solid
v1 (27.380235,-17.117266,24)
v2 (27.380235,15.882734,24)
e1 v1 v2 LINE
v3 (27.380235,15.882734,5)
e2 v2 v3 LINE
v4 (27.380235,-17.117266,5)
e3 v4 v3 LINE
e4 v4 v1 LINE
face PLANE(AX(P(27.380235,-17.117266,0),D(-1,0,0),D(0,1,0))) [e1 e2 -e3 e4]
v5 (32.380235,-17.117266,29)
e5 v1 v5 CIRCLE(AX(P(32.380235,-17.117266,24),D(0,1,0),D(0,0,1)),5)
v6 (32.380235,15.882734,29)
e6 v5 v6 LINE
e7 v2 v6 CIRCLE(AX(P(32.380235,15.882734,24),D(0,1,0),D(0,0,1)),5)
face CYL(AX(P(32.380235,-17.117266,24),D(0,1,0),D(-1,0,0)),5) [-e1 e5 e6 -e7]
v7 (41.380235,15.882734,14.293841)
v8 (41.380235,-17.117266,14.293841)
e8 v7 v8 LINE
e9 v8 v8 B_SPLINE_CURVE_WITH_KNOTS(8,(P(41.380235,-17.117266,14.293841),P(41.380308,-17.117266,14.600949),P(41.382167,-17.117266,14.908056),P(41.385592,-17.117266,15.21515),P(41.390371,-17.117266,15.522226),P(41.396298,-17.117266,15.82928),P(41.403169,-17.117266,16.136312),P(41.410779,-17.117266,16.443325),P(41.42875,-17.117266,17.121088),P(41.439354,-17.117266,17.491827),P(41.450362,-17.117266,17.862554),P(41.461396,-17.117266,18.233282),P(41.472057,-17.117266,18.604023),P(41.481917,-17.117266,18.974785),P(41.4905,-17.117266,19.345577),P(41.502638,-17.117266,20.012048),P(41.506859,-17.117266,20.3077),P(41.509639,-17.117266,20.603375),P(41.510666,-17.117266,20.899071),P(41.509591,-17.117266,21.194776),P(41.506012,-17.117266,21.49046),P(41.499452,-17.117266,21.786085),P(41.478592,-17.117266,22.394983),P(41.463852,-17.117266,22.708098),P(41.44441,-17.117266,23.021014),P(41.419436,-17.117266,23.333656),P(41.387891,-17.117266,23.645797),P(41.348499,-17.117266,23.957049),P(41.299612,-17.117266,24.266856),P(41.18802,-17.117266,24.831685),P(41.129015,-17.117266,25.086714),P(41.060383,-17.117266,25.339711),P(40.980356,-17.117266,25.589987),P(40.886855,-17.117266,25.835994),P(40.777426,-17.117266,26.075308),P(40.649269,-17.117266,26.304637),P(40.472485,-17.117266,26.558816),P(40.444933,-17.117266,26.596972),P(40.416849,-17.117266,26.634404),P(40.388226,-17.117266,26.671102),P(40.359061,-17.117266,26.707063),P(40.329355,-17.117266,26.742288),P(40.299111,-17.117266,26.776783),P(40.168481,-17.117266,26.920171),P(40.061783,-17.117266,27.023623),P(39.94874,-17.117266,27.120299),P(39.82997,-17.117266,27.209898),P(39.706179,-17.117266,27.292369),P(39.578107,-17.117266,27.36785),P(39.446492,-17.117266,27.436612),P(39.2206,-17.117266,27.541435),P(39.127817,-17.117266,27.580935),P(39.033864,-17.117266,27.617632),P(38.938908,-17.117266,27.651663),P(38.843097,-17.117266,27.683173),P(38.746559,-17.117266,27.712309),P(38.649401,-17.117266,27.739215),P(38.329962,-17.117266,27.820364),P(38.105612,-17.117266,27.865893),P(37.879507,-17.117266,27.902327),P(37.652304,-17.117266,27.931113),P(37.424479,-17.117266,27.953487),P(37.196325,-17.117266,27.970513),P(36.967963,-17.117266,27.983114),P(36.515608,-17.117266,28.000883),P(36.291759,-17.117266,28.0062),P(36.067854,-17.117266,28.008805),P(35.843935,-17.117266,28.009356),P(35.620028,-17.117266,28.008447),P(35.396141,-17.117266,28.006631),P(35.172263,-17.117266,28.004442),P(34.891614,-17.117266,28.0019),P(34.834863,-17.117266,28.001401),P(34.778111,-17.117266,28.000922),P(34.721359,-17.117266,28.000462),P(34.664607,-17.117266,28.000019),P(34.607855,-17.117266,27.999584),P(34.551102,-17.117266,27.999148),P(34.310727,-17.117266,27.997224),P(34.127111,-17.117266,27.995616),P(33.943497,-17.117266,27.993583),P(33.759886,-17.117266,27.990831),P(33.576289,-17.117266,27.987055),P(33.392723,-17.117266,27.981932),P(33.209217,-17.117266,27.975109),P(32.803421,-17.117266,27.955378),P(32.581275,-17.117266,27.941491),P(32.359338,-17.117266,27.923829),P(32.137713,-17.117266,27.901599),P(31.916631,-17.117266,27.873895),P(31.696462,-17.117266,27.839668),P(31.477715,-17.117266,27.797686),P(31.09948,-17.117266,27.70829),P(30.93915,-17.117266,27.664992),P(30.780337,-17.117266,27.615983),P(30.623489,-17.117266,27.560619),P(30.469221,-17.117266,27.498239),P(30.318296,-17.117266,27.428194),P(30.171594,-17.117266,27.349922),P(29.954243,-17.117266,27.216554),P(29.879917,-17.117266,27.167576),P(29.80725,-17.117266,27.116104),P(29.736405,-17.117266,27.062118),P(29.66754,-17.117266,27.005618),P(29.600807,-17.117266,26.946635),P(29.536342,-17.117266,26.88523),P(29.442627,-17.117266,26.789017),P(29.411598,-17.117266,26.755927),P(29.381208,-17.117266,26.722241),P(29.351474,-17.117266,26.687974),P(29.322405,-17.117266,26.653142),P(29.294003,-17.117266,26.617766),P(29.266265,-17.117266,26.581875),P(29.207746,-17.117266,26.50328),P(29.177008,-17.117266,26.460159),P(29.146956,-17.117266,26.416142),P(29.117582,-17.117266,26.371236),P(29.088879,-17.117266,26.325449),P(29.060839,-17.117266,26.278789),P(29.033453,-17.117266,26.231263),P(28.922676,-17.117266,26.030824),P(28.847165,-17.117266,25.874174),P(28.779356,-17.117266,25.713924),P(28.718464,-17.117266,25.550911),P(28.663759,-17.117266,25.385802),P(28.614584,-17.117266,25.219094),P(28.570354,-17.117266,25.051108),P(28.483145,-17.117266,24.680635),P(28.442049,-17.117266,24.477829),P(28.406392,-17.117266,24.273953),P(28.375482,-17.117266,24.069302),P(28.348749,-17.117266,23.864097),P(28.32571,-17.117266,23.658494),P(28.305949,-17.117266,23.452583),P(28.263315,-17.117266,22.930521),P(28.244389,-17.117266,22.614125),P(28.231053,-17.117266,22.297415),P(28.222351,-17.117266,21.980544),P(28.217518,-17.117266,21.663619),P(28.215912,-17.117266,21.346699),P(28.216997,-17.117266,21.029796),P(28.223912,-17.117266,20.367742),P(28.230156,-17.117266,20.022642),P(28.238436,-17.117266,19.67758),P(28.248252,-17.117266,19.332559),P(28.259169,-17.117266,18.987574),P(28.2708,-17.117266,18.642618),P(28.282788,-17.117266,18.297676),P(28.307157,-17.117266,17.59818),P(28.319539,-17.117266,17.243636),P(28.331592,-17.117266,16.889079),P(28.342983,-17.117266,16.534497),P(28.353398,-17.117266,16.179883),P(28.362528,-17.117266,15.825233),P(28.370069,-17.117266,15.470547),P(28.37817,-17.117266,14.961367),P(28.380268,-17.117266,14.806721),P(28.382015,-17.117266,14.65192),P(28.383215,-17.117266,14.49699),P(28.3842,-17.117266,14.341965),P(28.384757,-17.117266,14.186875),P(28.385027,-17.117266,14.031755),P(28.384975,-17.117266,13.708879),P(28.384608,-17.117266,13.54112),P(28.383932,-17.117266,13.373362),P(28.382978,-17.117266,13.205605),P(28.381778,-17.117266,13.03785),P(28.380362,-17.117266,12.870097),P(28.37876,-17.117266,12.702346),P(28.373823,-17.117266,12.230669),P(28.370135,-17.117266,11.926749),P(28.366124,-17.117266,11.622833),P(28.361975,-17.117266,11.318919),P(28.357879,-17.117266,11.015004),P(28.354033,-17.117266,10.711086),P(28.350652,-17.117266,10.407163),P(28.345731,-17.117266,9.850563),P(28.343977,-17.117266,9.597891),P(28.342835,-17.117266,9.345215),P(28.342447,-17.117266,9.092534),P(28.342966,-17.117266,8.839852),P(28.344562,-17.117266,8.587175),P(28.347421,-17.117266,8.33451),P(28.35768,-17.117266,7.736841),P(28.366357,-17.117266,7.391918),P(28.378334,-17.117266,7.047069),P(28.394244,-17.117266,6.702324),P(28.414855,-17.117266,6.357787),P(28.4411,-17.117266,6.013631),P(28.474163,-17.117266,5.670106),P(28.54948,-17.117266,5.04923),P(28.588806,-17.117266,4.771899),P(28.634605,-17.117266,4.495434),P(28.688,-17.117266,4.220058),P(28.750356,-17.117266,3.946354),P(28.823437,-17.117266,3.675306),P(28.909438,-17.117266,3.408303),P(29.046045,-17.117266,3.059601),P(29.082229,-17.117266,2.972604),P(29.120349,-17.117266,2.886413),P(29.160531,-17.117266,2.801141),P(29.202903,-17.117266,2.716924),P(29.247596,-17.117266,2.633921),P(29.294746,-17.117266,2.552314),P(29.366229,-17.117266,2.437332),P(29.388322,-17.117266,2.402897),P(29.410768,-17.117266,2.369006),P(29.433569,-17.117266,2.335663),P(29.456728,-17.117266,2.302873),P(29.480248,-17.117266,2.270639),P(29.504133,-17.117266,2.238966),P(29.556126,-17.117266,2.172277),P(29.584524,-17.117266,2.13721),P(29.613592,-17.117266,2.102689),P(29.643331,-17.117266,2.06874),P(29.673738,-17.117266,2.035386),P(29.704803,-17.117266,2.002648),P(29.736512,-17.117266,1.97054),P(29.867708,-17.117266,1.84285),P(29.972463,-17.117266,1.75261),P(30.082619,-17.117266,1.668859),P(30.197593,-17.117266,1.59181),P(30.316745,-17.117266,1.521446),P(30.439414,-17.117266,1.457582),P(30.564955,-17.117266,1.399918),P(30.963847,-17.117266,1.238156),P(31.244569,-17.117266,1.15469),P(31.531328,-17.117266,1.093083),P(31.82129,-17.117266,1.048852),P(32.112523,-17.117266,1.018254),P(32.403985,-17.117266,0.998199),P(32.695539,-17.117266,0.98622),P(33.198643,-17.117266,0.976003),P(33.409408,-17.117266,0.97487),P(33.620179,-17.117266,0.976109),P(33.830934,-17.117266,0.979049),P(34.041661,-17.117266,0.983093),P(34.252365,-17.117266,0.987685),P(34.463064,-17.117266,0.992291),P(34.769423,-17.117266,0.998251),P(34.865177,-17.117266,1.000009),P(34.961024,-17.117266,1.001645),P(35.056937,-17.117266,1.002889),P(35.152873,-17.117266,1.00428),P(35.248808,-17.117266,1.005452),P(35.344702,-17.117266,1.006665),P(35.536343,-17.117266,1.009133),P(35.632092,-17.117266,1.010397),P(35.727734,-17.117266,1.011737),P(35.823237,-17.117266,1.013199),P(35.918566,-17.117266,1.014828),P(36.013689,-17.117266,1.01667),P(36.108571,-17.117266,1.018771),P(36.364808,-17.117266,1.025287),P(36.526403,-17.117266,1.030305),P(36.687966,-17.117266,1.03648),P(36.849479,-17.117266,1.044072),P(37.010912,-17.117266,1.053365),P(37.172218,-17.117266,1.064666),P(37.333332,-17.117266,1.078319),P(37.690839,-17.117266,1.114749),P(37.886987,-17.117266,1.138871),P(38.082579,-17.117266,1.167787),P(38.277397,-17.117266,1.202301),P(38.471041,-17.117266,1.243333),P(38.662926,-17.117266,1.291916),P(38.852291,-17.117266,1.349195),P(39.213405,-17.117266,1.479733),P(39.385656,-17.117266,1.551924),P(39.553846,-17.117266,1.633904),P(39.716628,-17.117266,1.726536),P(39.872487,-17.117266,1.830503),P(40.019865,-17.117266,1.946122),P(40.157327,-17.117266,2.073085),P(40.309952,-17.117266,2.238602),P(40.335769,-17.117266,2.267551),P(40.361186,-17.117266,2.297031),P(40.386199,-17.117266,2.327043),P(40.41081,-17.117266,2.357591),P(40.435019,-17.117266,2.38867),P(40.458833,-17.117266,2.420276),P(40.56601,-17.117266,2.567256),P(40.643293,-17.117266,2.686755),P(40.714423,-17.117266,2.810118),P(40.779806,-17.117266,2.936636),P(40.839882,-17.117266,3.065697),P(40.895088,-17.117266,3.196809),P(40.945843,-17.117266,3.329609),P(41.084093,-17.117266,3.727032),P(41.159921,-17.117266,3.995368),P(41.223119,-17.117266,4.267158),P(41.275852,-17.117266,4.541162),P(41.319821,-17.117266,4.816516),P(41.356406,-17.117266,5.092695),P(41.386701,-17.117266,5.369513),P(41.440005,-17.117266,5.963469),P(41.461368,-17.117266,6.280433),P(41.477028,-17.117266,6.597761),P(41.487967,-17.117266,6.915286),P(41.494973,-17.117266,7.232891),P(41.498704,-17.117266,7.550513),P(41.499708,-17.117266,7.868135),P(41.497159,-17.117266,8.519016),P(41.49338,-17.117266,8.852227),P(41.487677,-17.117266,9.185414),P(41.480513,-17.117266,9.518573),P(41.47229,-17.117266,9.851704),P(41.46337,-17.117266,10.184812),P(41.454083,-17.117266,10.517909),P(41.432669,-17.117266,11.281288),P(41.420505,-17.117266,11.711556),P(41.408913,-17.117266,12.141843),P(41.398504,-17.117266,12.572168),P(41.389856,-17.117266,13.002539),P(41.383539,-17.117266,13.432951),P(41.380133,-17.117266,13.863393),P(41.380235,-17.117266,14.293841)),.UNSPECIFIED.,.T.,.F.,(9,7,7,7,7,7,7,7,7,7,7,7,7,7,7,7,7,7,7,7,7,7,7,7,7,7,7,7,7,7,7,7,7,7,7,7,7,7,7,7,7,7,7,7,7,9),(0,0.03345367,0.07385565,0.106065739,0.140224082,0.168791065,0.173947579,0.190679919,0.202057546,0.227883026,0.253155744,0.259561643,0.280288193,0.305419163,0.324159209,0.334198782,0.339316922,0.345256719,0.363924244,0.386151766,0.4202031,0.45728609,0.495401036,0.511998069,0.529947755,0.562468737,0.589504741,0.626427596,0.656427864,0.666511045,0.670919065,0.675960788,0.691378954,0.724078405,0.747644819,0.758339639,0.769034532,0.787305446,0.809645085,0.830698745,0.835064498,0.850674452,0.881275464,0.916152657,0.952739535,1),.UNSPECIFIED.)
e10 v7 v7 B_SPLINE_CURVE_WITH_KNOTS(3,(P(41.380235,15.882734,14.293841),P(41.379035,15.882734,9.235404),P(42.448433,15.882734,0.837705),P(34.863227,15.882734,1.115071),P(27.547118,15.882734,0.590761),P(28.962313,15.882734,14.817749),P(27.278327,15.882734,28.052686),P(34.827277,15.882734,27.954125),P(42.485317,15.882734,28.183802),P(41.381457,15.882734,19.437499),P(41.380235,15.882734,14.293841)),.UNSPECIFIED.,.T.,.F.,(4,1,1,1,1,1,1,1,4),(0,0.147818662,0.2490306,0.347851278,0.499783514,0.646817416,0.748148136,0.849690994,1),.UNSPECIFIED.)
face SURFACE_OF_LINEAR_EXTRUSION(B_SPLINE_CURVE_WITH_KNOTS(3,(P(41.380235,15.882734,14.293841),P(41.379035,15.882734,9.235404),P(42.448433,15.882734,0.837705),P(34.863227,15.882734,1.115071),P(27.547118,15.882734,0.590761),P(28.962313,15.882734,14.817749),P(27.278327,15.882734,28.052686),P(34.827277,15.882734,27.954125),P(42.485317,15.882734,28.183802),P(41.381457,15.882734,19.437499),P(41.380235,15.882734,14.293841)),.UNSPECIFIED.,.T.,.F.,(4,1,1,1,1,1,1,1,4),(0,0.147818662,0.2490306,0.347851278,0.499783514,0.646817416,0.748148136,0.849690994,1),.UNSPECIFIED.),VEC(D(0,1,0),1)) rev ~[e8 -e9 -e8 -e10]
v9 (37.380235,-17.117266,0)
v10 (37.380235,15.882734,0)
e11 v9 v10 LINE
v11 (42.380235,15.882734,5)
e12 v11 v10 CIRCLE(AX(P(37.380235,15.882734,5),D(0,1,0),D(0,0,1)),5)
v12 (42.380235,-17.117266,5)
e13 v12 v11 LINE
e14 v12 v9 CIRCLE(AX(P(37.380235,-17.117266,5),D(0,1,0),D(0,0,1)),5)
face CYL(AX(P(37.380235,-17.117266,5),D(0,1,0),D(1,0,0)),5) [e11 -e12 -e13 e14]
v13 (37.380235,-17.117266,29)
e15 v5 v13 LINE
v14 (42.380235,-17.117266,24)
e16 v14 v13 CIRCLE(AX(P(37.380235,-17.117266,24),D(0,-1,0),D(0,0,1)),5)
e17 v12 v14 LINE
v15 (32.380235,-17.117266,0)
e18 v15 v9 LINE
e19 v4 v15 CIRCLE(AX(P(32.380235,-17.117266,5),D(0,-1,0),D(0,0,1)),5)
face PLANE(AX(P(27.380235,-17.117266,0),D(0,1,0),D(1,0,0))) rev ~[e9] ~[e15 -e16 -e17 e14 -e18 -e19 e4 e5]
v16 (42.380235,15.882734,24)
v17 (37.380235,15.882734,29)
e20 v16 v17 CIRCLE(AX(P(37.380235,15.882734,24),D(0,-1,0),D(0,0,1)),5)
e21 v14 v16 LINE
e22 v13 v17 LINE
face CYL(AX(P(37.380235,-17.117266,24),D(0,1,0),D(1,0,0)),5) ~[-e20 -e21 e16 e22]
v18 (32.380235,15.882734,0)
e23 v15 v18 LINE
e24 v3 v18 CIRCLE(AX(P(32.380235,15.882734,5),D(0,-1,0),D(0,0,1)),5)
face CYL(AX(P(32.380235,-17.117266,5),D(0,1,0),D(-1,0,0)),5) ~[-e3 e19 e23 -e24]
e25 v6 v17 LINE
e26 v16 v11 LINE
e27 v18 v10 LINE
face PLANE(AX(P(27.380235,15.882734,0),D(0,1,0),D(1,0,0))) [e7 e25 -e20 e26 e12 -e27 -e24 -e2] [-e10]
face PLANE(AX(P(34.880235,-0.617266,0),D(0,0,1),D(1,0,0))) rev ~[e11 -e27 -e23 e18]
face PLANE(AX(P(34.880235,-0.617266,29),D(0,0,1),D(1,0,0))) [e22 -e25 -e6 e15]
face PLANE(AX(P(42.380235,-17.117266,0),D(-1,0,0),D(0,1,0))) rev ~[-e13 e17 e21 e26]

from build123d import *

# Parameters (mm, degrees)
F0_W     = 15
F0_H     = 33
F1_DEPTH = 29
F2_DEPTH = 10
F3_R     = 5
F5_DEPTH = 36


with BuildPart() as f1:
    # F0 (on Top) → F1 (new body)
    with BuildSketch(Plane.XY):
        with Locations((34.8802354336, -0.6172656119)):
            Rectangle(F0_W, F0_H)
    extrude(amount=F1_DEPTH)

    # F0 (on Top) → F2 (join)
    with BuildSketch(Plane.XY):
        with Locations((34.8802354336, -0.6172656119)):
            Rectangle(F0_W, F0_H)
    extrude(amount=F2_DEPTH)

    # F3
    f3_edges = [f1.edges().sort_by_distance(p)[0] for p in [
        (42.380235, -0.617266, 0),
        (42.380235, -0.617266, 29),
        (27.380235, -0.617266, 29),
        (27.380235, -0.617266, 0),
    ]]
    fillet(f3_edges, radius=F3_R)

    # F4 (on face) → F5 (cut)
    with BuildSketch(Plane(origin=(0, 15.8827343881, 0), x_dir=(-1, 0, 0), z_dir=(0, 1, 0))):
        with BuildLine():
            add(Edge.make_bspline(
                [(-41.3802354336, 14.2938411075), (-41.3790345918, 9.235404149), (-42.4484331344, 0.837704678), (-34.8632266191, 1.1150708398), (-27.5471181262, 0.5907612309), (-28.962312756, 14.8177485766), (-27.278327172, 28.0526860673), (-34.8272768231, 27.9541246001), (-42.4853172603, 28.1838016291), (-41.3814565063, 19.4374990399), (-41.3802354336, 14.2938411075)],
                knots=[0, 0, 0, 0, 0.1478186618, 0.2490306002, 0.3478512784, 0.4997835139, 0.6468174161, 0.748148136, 0.8496909938, 1, 1, 1, 1], degree=3))
        make_face()
    extrude(amount=-F5_DEPTH, mode=Mode.SUBTRACT)


solid = f1.part
